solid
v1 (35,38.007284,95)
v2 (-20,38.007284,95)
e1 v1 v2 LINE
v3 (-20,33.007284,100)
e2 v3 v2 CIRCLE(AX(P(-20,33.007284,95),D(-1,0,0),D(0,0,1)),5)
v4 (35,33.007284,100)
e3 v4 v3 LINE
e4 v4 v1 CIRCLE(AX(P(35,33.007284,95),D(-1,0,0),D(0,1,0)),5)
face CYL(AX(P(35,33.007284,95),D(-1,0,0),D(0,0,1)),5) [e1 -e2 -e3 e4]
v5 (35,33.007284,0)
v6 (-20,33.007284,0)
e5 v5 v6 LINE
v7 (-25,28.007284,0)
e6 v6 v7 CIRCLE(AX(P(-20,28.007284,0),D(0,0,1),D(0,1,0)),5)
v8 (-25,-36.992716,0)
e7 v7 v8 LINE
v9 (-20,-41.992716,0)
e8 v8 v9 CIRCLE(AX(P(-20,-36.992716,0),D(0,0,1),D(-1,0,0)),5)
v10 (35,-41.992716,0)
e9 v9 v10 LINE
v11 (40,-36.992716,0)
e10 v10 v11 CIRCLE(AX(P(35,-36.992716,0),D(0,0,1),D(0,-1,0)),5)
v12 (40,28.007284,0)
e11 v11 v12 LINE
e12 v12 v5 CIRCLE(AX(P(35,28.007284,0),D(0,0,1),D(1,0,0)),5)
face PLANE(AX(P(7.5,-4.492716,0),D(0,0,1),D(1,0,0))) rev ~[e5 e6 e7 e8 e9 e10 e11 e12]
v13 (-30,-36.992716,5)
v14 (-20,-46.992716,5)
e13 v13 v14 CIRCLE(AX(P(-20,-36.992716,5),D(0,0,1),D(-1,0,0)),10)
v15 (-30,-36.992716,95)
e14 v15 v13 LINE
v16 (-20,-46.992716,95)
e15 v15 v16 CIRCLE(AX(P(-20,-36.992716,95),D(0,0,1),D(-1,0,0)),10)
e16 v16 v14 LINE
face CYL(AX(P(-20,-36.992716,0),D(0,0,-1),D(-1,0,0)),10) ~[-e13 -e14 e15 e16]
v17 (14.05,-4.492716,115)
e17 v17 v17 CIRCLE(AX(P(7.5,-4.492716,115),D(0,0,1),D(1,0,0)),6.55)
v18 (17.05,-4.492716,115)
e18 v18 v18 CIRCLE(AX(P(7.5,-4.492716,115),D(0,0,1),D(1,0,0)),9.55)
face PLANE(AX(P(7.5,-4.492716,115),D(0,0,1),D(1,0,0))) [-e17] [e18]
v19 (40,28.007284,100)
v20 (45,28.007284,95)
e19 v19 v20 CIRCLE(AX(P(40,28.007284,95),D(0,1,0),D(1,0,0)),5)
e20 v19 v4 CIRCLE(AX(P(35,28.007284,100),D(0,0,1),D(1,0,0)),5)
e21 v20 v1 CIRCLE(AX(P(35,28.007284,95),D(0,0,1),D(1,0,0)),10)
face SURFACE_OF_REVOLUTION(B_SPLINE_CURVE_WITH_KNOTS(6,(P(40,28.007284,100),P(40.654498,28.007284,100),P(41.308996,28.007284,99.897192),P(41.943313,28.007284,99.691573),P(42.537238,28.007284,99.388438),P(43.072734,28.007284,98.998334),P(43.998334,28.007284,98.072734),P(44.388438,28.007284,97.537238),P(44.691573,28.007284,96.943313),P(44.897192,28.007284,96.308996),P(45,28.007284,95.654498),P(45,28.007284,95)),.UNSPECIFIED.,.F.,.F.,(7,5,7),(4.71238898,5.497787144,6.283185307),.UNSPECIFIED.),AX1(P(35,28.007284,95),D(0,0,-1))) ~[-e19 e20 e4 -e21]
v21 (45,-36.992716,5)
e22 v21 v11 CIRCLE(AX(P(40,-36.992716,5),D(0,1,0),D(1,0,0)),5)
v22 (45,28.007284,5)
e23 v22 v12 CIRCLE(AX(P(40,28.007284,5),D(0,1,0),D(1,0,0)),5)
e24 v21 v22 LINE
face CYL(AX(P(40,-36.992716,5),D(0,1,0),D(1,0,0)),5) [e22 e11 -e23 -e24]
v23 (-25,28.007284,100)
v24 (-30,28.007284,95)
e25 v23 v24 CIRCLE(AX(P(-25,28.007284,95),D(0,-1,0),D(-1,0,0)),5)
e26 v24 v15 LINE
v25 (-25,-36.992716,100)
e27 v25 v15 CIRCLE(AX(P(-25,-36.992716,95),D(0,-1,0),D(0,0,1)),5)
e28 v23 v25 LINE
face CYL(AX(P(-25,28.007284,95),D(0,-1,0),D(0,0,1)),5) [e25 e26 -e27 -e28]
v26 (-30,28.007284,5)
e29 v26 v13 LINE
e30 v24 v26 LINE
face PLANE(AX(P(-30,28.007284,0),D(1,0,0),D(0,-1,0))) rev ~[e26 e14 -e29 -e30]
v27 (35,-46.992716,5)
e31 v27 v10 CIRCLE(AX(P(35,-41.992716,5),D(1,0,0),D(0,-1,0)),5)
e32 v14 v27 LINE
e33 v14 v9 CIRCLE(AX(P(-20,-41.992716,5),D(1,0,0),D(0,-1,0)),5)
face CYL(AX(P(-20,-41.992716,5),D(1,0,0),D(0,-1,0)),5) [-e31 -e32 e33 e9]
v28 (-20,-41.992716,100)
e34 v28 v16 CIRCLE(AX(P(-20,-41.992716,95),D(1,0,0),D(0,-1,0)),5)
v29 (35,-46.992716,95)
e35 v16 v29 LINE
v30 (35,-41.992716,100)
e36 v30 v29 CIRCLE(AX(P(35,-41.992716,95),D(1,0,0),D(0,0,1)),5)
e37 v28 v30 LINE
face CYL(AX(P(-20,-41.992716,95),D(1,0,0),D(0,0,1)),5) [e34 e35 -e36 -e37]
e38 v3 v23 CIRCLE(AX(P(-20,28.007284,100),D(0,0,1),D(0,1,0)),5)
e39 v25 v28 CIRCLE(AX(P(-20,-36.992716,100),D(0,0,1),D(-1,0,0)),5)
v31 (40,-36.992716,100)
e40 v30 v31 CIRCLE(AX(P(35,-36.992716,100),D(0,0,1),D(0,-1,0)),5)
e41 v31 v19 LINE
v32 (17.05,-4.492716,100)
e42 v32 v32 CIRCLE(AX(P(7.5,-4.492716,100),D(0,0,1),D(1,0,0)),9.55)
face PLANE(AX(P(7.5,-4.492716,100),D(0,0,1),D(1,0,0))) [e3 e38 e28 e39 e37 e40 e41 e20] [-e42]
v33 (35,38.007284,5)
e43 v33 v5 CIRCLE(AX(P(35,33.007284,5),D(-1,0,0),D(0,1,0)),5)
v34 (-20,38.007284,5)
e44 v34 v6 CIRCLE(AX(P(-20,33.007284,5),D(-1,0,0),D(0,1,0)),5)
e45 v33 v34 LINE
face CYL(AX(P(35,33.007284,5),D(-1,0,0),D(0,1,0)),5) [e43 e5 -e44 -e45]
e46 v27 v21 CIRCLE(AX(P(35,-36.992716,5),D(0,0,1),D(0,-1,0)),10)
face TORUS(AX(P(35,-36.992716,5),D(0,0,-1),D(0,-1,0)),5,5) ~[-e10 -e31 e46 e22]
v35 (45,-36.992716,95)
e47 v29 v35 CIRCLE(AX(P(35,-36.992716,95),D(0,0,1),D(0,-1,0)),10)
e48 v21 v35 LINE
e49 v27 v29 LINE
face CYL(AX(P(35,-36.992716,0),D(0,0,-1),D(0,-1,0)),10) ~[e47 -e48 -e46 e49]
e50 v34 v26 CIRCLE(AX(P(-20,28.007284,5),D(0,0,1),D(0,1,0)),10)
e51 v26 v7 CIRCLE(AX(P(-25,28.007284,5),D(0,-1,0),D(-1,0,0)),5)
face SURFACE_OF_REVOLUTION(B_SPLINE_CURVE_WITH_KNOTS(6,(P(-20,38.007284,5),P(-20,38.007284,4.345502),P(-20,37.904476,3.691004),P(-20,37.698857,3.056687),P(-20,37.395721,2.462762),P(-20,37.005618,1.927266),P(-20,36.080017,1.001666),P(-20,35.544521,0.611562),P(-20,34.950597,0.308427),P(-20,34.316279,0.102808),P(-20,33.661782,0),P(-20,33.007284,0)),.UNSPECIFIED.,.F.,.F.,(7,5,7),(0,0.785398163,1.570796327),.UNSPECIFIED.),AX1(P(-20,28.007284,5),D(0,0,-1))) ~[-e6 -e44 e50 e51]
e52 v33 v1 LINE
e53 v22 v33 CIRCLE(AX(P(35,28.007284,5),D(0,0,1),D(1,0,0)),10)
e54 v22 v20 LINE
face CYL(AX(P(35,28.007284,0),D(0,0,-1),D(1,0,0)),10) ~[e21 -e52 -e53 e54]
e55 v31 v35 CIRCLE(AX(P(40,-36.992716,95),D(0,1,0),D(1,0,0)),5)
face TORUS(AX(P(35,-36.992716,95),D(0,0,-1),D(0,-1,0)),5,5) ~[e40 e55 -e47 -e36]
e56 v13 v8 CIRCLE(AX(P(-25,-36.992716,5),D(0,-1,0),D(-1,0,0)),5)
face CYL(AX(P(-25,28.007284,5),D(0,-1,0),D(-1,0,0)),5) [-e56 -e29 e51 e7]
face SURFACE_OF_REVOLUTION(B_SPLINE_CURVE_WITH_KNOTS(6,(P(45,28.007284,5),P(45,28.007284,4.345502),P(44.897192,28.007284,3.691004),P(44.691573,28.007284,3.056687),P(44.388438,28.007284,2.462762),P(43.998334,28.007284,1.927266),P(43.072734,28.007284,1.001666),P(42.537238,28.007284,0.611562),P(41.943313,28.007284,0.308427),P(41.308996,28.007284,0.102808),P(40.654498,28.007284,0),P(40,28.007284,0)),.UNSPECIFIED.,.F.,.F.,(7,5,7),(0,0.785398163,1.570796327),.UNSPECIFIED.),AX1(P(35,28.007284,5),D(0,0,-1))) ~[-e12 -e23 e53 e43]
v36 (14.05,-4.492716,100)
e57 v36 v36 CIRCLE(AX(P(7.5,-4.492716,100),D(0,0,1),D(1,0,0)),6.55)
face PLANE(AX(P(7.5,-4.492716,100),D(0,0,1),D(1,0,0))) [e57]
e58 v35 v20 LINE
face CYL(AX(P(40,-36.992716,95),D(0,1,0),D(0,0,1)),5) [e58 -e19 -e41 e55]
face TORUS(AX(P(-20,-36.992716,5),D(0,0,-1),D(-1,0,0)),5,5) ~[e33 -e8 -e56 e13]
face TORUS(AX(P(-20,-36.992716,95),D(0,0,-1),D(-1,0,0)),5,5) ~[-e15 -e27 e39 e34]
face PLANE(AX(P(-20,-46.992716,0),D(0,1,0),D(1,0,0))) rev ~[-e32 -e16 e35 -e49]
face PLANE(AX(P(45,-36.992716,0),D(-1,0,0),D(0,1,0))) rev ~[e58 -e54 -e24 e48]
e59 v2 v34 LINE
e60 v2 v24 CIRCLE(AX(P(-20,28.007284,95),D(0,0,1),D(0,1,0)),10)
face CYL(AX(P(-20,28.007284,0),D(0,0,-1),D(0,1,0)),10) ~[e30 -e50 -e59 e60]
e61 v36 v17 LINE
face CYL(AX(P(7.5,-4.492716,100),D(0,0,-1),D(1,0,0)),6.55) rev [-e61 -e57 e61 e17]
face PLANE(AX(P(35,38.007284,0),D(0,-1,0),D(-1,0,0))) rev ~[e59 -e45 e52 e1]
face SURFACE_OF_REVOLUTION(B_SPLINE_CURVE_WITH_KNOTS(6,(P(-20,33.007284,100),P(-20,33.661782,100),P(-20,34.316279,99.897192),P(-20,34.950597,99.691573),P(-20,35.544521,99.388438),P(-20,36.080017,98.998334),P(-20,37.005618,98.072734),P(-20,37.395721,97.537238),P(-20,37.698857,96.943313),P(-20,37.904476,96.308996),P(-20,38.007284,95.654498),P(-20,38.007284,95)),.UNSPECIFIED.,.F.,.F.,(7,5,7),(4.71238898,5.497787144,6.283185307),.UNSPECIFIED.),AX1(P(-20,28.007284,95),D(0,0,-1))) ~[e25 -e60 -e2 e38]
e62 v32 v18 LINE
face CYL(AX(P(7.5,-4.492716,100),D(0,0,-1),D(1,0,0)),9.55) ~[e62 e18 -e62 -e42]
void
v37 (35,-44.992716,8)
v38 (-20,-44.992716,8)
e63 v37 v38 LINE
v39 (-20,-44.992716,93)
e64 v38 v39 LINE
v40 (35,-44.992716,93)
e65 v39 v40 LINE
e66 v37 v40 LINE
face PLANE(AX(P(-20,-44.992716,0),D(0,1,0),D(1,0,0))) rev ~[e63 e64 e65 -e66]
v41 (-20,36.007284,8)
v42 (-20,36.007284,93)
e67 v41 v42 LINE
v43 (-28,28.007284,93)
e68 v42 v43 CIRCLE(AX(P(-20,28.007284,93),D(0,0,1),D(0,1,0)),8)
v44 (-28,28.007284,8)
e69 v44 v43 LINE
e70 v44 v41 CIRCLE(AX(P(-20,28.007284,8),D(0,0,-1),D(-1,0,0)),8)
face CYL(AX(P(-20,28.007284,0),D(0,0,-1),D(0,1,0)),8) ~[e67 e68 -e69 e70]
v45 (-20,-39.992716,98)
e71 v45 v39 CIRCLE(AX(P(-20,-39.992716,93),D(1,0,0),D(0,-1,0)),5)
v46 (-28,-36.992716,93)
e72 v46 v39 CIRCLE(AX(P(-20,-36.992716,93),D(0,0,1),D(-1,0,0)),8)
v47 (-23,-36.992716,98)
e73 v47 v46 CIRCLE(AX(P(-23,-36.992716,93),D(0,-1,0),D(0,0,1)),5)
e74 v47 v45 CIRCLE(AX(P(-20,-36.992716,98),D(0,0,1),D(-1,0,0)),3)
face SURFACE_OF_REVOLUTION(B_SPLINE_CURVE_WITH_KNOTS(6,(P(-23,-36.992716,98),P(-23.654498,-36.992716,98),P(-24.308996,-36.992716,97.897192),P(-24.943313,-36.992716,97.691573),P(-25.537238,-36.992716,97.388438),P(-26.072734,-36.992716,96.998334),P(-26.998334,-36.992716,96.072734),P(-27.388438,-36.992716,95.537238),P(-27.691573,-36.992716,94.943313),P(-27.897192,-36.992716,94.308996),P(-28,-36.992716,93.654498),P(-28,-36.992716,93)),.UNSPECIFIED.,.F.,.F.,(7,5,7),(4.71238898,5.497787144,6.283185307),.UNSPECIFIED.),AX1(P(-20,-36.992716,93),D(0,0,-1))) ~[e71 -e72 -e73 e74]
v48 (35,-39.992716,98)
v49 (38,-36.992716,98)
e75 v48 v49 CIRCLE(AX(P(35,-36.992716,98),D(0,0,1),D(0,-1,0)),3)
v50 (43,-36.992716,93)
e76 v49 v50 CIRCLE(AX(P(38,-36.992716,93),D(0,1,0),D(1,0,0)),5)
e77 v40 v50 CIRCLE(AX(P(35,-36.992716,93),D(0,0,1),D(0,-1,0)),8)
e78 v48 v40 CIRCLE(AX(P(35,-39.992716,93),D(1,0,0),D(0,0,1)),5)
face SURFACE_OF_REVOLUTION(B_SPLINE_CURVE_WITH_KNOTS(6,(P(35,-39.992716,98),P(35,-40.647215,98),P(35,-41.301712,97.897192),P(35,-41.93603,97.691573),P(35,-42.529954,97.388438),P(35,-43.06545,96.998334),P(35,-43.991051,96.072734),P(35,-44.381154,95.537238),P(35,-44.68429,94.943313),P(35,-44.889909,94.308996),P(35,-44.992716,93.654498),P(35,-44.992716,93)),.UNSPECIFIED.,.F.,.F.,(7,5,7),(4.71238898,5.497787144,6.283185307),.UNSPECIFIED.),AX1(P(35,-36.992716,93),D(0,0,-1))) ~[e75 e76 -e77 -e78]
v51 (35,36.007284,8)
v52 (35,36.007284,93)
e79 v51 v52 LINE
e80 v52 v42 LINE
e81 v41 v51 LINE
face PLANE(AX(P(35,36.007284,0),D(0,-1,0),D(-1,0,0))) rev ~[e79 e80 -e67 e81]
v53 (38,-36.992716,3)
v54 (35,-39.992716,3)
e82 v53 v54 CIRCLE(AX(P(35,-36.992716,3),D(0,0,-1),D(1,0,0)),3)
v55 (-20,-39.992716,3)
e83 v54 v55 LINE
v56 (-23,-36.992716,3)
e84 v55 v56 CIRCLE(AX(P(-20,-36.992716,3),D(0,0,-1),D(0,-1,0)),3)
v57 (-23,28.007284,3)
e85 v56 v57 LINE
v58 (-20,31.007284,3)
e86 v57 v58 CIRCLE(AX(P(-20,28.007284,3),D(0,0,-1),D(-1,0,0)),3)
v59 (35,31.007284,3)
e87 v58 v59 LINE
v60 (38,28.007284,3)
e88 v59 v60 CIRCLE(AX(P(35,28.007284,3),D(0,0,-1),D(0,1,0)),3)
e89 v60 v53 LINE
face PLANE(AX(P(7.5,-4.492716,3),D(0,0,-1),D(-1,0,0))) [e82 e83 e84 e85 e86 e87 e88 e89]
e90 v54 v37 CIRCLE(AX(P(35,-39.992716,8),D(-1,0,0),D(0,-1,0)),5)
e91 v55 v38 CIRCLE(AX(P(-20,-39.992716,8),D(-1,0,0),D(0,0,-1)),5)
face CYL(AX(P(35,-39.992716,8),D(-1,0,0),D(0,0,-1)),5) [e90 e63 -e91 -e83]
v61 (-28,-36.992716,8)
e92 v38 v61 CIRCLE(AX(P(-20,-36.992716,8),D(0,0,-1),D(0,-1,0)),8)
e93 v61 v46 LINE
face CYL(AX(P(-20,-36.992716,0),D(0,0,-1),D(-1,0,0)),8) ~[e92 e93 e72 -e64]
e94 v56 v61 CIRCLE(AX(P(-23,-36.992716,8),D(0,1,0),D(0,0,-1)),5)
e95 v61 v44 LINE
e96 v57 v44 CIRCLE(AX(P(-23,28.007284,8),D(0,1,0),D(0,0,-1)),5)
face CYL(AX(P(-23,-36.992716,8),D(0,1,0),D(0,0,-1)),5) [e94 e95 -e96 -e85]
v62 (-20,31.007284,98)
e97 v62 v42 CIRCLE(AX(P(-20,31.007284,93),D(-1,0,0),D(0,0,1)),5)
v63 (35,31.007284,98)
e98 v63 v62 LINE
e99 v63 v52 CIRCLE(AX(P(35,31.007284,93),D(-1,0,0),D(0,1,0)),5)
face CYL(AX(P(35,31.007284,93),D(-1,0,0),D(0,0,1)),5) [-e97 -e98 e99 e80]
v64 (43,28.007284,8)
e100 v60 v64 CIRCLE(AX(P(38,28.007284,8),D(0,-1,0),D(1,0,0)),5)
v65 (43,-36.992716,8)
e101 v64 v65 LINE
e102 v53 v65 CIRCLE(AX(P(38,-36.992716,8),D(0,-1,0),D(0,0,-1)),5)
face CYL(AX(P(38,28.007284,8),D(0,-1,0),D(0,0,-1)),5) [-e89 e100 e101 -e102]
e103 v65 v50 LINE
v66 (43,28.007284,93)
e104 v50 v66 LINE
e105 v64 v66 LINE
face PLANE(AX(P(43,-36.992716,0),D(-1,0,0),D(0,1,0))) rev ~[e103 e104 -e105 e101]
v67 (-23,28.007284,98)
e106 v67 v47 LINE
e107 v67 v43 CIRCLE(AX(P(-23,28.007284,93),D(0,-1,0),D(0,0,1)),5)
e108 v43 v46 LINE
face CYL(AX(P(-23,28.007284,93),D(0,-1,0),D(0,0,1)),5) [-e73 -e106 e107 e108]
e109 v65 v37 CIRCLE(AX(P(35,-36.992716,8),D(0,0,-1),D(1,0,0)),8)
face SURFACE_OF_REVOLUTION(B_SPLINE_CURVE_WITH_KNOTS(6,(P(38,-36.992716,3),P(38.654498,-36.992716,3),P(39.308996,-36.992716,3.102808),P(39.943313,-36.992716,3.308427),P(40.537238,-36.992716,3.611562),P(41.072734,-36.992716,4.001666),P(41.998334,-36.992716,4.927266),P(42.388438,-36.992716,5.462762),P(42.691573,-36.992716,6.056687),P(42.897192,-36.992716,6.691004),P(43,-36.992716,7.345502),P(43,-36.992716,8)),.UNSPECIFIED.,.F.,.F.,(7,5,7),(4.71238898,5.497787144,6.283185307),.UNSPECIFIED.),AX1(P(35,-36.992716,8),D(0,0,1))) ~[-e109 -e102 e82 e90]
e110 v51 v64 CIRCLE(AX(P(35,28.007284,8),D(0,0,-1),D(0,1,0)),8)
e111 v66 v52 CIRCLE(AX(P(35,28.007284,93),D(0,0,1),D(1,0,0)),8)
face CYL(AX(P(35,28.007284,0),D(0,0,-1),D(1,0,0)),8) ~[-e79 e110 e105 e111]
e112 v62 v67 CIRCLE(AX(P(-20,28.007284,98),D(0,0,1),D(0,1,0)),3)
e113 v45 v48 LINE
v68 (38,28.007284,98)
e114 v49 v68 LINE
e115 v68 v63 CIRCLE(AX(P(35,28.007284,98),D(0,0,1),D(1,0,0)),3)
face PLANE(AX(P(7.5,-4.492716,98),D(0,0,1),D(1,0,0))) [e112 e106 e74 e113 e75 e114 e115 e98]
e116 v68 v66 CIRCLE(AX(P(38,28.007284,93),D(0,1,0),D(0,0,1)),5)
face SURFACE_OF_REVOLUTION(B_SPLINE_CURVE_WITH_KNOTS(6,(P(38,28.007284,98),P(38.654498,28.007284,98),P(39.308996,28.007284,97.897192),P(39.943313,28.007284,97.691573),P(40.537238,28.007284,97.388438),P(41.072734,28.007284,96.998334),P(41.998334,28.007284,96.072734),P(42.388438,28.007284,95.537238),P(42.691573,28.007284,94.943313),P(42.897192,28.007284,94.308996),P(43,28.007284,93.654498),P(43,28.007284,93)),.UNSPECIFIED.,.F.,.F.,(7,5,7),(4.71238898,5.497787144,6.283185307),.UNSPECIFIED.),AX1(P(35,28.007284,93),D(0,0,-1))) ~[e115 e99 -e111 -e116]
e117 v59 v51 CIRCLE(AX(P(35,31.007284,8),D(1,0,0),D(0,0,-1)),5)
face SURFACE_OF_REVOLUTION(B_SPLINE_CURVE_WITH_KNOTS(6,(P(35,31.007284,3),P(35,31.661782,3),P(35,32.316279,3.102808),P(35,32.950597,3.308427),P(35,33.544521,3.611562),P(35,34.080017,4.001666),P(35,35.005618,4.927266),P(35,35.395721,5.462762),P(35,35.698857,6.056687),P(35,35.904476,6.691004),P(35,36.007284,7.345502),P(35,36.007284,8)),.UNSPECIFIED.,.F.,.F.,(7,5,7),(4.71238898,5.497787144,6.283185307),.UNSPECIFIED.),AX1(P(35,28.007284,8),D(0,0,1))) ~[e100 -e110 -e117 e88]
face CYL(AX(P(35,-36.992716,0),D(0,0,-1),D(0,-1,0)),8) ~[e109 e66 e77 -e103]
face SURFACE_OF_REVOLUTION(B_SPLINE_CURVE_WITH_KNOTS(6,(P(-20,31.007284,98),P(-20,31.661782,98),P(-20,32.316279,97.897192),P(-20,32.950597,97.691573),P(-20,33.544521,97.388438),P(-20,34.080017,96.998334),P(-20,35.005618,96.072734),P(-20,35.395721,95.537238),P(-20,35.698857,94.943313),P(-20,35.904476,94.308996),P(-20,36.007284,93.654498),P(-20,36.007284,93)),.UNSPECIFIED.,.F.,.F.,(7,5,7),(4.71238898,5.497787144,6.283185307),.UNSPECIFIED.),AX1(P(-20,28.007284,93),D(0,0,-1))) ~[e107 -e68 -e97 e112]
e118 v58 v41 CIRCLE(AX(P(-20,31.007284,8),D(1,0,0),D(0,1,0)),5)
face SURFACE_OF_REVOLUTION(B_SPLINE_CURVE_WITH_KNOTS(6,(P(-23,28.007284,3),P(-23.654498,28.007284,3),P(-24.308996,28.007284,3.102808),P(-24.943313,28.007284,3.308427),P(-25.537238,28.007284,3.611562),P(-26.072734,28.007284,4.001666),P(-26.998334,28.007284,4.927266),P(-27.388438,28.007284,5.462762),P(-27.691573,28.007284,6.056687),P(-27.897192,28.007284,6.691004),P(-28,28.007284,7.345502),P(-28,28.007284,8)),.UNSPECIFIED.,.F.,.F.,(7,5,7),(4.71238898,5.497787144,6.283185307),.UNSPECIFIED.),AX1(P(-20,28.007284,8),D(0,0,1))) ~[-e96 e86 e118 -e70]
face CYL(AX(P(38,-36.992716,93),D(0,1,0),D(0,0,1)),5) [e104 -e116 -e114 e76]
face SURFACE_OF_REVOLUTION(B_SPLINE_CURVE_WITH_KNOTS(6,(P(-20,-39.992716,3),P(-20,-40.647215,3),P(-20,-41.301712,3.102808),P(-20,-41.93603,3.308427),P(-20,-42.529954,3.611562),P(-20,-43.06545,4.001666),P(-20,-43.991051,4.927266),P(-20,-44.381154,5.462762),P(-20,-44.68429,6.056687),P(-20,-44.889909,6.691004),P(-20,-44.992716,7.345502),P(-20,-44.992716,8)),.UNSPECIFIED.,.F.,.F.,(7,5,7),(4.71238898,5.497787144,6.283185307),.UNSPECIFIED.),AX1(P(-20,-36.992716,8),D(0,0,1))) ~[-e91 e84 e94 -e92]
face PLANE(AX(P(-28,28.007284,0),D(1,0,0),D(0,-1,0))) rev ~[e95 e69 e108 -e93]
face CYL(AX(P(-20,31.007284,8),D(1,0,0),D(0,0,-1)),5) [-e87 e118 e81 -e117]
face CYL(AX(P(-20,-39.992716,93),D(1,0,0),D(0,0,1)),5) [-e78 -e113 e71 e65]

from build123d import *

# Parameters (mm, degrees)
BOSS_EXTRUDE1_DEPTH = 100
BOSS_EXTRUDE2_DEPTH = 3
BOSS_EXTRUDE3_START = -2
BOSS_EXTRUDE3_DEPTH = 2
FILLET2_R           = 5
SKETCH5_R           = 9.55
SKETCH5_R_2         = 6.55
BOSS_EXTRUDE4_DEPTH = 15


with BuildPart() as part:
    # Sketch1 → Boss-Extrude1 (new body)
    with BuildSketch(Plane.XY):
        with BuildLine():
            Line((-20, -46.992716482), (35, -46.992716482))
            ThreePointArc((35, -46.992716482), (42.071067812, -44.063784293), (45, -36.992716482))
            Line((45, -36.992716482), (45, 28.007283518))
            ThreePointArc((45, 28.007283518), (42.071067812, 35.07835133), (35, 38.007283518))
            Line((35, 38.007283518), (-20, 38.007283518))
            ThreePointArc((-20, 38.007283518), (-27.071067812, 35.07835133), (-30, 28.007283518))
            Line((-30, 28.007283518), (-30, -36.992716482))
            ThreePointArc((-30, -36.992716482), (-27.071067812, -44.063784293), (-20, -46.992716482))
        make_face()
        with BuildLine():
            Line((-20, -44.992716482), (35, -44.992716482))
            ThreePointArc((35, -44.992716482), (40.656854249, -42.649570731), (43, -36.992716482))
            Line((43, -36.992716482), (43, 28.007283518))
            ThreePointArc((43, 28.007283518), (40.656854249, 33.664137768), (35, 36.007283518))
            Line((35, 36.007283518), (-20, 36.007283518))
            ThreePointArc((-20, 36.007283518), (-25.656854249, 33.664137768), (-28, 28.007283518))
            Line((-28, 28.007283518), (-28, -36.992716482))
            ThreePointArc((-28, -36.992716482), (-25.656854249, -42.649570731), (-20, -44.992716482))
        make_face(mode=Mode.SUBTRACT)
    extrude(amount=BOSS_EXTRUDE1_DEPTH)

    # Sketch2 → Boss-Extrude2 (add)
    with BuildSketch(Plane(origin=(0, 0, 0), x_dir=(-1, 0, 0), z_dir=(0, 0, -1))):
        with BuildLine():
            Line((-35, -46.992716482), (20, -46.992716482))
            ThreePointArc((20, -46.992716482), (27.071067812, -44.063784293), (30, -36.992716482))
            Line((30, -36.992716482), (30, 28.007283518))
            ThreePointArc((30, 28.007283518), (27.071067812, 35.07835133), (20, 38.007283518))
            Line((20, 38.007283518), (-35, 38.007283518))
            ThreePointArc((-35, 38.007283518), (-42.071067812, 35.07835133), (-45, 28.007283518))
            Line((-45, 28.007283518), (-45, -36.992716482))
            ThreePointArc((-45, -36.992716482), (-42.071067812, -44.063784293), (-35, -46.992716482))
        make_face()
    extrude(amount=-BOSS_EXTRUDE2_DEPTH)

    # Sketch4 → Boss-Extrude3 (add)
    with BuildSketch(Plane.XY.offset(100).offset(BOSS_EXTRUDE3_START)):
        with BuildLine():
            Line((-20, -46.992716482), (35, -46.992716482))
            ThreePointArc((35, -46.992716482), (42.071067812, -44.063784293), (45, -36.992716482))
            Line((45, -36.992716482), (45, 28.007283518))
            ThreePointArc((45, 28.007283518), (42.071067812, 35.07835133), (35, 38.007283518))
            Line((35, 38.007283518), (-20, 38.007283518))
            ThreePointArc((-20, 38.007283518), (-27.071067812, 35.07835133), (-30, 28.007283518))
            Line((-30, 28.007283518), (-30, -36.992716482))
            ThreePointArc((-30, -36.992716482), (-27.071067812, -44.063784293), (-20, -46.992716482))
        make_face()
    extrude(amount=BOSS_EXTRUDE3_DEPTH)

    # Fillet2
    fillet2_edges = [part.edges().sort_by_distance(p)[0] for p in [
        (7.5, 38.007283518, 0),
        (-28, -4.492716482, 98),
        (-25.656854249, -42.649570731, 98),
        (7.5, -44.992716482, 98),
        (40.656854249, -42.649570731, 98),
        (43, -4.492716482, 98),
        (40.656854249, 33.664137768, 98),
        (42.071067812, 35.07835133, 0),
        (7.5, 36.007283518, 98),
        (-25.656854249, 33.664137768, 98),
        (45, -4.492716482, 0),
        (42.071067812, -44.063784293, 0),
        (42.071067812, 35.07835133, 100),
        (7.5, 38.007283518, 100),
        (-27.071067812, 35.07835133, 100),
        (-30, -4.492716482, 100),
        (-27.071067812, -44.063784293, 100),
        (7.5, -46.992716482, 100),
        (42.071067812, -44.063784293, 100),
        (-28, -4.492716482, 3),
        (7.5, -44.992716482, 3),
        (-25.656854249, -42.649570731, 3),
        (-25.656854249, 33.664137768, 3),
        (7.5, 36.007283518, 3),
        (40.656854249, 33.664137768, 3),
        (43, -4.492716482, 3),
        (40.656854249, -42.649570731, 3),
        (7.5, -46.992716482, 0),
        (45, -4.492716482, 100),
        (-27.071067812, -44.063784293, 0),
        (-30, -4.492716482, 0),
        (-27.071067812, 35.07835133, 0),
    ]]
    fillet(fillet2_edges, radius=FILLET2_R)

    # Sketch5 → Boss-Extrude4 (add)
    with BuildSketch(Plane.XY.offset(100)):
        with Locations((7.5, -4.492716482)):
            Circle(SKETCH5_R)
        with Locations((7.5, -4.492716482)):
            Circle(SKETCH5_R_2, mode=Mode.SUBTRACT)
    extrude(amount=BOSS_EXTRUDE4_DEPTH)


solid = part.part
